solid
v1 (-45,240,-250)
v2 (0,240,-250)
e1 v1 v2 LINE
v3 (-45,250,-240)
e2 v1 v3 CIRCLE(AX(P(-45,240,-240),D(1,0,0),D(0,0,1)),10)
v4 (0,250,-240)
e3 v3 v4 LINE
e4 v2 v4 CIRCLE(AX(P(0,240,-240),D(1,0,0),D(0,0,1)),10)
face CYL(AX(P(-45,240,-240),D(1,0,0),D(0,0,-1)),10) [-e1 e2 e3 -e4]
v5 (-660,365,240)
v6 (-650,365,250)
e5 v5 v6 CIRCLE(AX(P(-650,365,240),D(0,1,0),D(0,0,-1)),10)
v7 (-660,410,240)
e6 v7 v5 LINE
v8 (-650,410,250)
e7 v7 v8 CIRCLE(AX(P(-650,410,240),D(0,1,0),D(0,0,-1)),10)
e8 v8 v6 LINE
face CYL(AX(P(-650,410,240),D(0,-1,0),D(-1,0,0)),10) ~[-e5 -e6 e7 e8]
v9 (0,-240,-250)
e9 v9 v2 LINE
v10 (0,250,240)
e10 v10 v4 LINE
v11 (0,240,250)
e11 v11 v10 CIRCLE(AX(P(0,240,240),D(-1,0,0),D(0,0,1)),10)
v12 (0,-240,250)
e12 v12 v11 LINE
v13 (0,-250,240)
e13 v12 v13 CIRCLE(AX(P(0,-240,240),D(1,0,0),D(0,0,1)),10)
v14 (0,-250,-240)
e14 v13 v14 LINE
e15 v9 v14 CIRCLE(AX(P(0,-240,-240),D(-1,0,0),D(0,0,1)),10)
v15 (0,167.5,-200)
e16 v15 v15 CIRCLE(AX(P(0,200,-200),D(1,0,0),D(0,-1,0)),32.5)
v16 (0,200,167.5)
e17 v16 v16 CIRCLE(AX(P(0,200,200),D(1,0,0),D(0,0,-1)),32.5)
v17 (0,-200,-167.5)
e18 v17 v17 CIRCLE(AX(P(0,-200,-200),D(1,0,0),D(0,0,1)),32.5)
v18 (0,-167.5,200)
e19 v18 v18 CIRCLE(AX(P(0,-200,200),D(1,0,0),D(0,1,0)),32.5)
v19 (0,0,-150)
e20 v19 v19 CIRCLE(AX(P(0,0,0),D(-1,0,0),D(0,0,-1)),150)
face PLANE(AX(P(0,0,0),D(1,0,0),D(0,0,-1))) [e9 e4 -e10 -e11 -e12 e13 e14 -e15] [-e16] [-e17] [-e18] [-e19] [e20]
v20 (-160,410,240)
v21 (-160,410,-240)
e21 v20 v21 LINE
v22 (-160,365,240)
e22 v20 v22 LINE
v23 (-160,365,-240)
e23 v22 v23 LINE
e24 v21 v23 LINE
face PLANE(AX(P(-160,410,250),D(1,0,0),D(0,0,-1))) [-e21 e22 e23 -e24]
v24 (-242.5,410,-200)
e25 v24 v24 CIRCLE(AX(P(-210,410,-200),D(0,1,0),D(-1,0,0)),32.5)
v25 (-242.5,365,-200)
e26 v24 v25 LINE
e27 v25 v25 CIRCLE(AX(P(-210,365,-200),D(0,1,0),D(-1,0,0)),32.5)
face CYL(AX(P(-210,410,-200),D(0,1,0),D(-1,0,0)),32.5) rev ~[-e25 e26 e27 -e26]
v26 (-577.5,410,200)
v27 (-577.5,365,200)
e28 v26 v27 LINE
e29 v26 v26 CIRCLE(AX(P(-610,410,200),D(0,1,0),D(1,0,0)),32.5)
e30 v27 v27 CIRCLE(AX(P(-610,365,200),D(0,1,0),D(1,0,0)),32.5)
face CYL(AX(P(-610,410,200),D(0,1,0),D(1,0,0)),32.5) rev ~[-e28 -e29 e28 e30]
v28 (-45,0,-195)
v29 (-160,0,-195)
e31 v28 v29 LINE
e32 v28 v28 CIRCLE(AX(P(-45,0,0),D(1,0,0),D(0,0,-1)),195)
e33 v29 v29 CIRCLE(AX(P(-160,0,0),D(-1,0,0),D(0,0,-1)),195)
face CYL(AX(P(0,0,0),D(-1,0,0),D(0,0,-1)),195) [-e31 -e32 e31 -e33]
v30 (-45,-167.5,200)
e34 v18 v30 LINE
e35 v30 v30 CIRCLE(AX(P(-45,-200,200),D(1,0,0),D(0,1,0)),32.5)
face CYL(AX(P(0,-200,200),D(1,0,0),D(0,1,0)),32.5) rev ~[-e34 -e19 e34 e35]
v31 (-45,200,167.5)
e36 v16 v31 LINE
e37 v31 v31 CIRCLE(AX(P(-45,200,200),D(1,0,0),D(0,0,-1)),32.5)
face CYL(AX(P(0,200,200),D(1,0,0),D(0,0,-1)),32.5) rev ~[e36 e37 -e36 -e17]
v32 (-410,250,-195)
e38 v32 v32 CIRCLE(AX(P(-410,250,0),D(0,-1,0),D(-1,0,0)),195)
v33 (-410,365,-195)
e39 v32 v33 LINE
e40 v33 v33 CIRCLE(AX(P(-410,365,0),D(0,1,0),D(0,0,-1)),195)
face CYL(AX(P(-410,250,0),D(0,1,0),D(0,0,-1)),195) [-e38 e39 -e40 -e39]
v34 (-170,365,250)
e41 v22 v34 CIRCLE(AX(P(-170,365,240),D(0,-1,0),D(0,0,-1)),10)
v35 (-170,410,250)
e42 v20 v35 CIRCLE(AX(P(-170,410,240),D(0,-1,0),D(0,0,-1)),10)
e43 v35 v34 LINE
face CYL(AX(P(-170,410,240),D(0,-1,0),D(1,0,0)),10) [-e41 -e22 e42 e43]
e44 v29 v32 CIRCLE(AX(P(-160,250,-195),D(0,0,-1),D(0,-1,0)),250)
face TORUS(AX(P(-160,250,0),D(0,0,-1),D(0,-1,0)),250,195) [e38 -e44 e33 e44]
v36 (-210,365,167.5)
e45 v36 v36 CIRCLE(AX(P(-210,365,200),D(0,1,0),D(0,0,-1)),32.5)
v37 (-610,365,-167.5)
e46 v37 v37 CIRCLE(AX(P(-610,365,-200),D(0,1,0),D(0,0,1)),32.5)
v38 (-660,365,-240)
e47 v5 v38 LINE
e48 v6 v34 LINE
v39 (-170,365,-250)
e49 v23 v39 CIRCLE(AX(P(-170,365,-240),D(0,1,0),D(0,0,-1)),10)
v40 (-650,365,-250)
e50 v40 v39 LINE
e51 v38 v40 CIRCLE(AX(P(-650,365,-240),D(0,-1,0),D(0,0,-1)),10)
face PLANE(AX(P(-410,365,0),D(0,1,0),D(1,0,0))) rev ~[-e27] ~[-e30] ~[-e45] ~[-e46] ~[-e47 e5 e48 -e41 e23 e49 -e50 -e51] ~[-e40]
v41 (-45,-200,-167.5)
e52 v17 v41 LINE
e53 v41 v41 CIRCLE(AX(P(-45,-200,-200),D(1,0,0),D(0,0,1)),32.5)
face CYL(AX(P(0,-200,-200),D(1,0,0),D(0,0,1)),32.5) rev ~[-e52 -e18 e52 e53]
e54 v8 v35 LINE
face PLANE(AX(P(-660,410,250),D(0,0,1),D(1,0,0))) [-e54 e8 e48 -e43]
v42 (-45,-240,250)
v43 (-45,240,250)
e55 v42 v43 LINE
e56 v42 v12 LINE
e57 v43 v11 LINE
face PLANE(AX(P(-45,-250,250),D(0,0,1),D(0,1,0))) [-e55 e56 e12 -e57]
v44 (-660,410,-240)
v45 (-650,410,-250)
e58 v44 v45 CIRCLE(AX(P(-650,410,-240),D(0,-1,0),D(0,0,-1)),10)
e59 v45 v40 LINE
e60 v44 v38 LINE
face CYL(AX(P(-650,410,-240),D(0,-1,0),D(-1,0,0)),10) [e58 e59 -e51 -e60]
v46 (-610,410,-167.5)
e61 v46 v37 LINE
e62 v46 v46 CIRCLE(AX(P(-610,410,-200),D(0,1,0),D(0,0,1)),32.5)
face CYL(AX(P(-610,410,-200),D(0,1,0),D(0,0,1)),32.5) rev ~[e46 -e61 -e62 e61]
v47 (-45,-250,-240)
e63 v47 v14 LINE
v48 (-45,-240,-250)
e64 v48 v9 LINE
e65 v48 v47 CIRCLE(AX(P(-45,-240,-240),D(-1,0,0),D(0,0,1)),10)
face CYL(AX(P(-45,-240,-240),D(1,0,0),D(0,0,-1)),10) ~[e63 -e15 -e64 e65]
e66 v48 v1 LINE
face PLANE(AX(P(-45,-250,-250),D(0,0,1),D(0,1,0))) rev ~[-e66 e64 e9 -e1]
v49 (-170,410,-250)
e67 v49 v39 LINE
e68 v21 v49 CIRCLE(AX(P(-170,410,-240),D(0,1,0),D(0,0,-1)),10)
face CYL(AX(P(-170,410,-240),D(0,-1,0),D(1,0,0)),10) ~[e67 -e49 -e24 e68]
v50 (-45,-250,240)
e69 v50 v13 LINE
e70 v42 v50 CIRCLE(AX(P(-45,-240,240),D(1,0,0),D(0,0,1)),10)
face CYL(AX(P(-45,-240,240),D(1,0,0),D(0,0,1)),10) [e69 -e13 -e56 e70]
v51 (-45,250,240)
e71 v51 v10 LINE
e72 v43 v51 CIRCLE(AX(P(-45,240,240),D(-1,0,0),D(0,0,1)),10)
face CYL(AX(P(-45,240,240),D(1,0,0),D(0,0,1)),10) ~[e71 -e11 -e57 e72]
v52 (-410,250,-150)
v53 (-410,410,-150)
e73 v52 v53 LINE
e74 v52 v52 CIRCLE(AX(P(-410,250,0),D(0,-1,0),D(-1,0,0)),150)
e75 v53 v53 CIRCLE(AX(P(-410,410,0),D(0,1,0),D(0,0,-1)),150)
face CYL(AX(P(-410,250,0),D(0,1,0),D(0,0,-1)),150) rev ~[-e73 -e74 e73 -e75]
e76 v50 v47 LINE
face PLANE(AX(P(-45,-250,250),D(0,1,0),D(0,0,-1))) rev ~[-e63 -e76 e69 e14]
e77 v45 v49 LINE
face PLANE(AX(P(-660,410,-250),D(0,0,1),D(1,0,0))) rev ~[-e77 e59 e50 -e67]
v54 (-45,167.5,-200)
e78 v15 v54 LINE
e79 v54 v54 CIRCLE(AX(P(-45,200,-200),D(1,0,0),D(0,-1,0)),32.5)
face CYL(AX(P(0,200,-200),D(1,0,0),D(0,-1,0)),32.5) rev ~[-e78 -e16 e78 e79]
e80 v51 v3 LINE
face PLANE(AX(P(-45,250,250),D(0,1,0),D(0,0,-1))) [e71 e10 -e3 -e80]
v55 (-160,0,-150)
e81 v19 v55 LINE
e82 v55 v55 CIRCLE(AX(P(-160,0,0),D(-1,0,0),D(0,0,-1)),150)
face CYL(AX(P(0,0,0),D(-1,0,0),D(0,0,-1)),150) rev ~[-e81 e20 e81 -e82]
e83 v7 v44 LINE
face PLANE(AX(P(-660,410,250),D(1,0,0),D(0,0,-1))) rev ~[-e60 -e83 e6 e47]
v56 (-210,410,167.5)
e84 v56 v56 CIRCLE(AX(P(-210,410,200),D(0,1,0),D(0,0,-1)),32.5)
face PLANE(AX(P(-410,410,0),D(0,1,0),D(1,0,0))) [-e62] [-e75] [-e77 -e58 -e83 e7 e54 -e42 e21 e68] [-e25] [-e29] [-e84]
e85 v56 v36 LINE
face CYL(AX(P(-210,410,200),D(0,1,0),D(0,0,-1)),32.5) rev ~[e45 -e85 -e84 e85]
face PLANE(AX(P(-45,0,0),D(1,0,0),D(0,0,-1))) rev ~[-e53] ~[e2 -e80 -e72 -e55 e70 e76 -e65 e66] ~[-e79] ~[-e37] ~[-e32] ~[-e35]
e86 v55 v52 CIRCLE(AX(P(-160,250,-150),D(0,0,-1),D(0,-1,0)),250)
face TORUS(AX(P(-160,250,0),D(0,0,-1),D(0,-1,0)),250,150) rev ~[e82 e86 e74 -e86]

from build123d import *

# Parameters (mm, degrees)
SKETCH3_R           = 195
SKETCH3_R_2         = 150
BOSS_EXTRUDE3_START = -45
SKETCH8_W           = 500
SKETCH8_H           = 500
SKETCH8_R           = 195
BOSS_EXTRUDE3_DEPTH = 45
FILLET3_R           = 10
SKETCH9_W           = 500
SKETCH9_H           = 500
SKETCH9_R           = 195
BOSS_EXTRUDE4_DEPTH = 45
FILLET4_R           = 10
CUT_EXTRUDE2_REACH  = 818.211
SKETCH10_R          = 32.5
CIRPATTERN2_COUNT   = 4
CUT_EXTRUDE3_REACH  = 968.282
SKETCH11_R          = 32.5
CIRPATTERN3_COUNT   = 4


with BuildPart() as part:
    # Sweep-Thin4: sweep along a path in Sketch2
    with BuildLine(Plane.XY) as sweep_thin4_path:
        Line((0, 0), (-160, 0))
        ThreePointArc((-160, 0), (-336.776695297, 73.223304703), (-410, 250))
        Line((-410, 250), (-410, 410))
    # Sketch3 → Sweep-Thin4 (sweep)
    with BuildSketch(Plane(origin=(0, 0, 0), x_dir=(0, 0, -1), z_dir=(1, 0, 0))):
        Circle(SKETCH3_R)
        Circle(SKETCH3_R_2, mode=Mode.SUBTRACT)
    sweep(path=sweep_thin4_path.line)

    # Sketch8 → Boss-Extrude3 (add)
    with BuildSketch(Plane(origin=(0, 0, 0), x_dir=(0, 0, -1), z_dir=(1, 0, 0)).offset(BOSS_EXTRUDE3_START)):
        Rectangle(SKETCH8_W, SKETCH8_H)
        with Locations(Location((0, 0, 0), (0, 0, 270))):
            Circle(SKETCH8_R, mode=Mode.SUBTRACT)
    extrude(amount=BOSS_EXTRUDE3_DEPTH)

    # Fillet3
    fillet3_edges = [part.edges().sort_by_distance(p)[0] for p in [
        (-22.5, 250, -250),
        (-22.5, -250, -250),
        (-22.5, -250, 250),
        (-22.5, 250, 250),
    ]]
    fillet(fillet3_edges, radius=FILLET3_R)

    # Sketch9 → Boss-Extrude4 (add)
    with BuildSketch(Plane(origin=(0, 410, 0), x_dir=(1, 0, 0), z_dir=(0, 1, 0))):
        with Locations((-410, 0)):
            Rectangle(SKETCH9_W, SKETCH9_H)
        with Locations(Location((-410, 0, 0), (0, 0, 270))):
            Circle(SKETCH9_R, mode=Mode.SUBTRACT)
    extrude(amount=-BOSS_EXTRUDE4_DEPTH)

    # Fillet4
    fillet4_edges = [part.edges().sort_by_distance(p)[0] for p in [
        (-660, 387.5, -250),
        (-160, 387.5, -250),
        (-160, 387.5, 250),
        (-660, 387.5, 250),
    ]]
    fillet(fillet4_edges, radius=FILLET4_R)

    # Sketch10 → Cut-Extrude2 (cut, up to next)
    with BuildSketch(Plane(origin=(0, 0, 0), x_dir=(0, 0, -1), z_dir=(1, 0, 0)), mode=Mode.PRIVATE) as cut_extrude2_sk1:
        with Locations((-200, 200)):
            Circle(SKETCH10_R)
    cut_extrude2_tool1 = extrude(cut_extrude2_sk1.sketch, amount=-CUT_EXTRUDE2_REACH, mode=Mode.PRIVATE) & part.part
    cut_extrude2 = cut_extrude2_tool1.solids().sort_by_distance((0, 200, 200))[0]
    add(cut_extrude2, mode=Mode.SUBTRACT)

    # CirPattern2: Cut-Extrude2 ×4 about axis
    cirpattern2_axis = Axis((0, 0, 0), (1, 0, 0))
    for i in range(1, CIRPATTERN2_COUNT):
        add(cut_extrude2.rotate(cirpattern2_axis, i * 360 / CIRPATTERN2_COUNT), mode=Mode.SUBTRACT)

    # Sketch11 → Cut-Extrude3 (cut, up to next)
    with BuildSketch(Plane(origin=(0, 410, 0), x_dir=(1, 0, 0), z_dir=(0, 1, 0)), mode=Mode.PRIVATE) as cut_extrude3_sk1:
        with Locations(Location((-610, 200, 0), (0, 0, 270))):
            Circle(SKETCH11_R)
    cut_extrude3_tool1 = extrude(cut_extrude3_sk1.sketch, amount=-CUT_EXTRUDE3_REACH, mode=Mode.PRIVATE) & part.part
    cut_extrude3 = cut_extrude3_tool1.solids().sort_by_distance((-610, 410, -200))[0]
    add(cut_extrude3, mode=Mode.SUBTRACT)

    # CirPattern3: Cut-Extrude3 ×4 about axis
    cirpattern3_axis = Axis((-410, 0, 0), (0, 1, 0))
    for i in range(1, CIRPATTERN3_COUNT):
        add(cut_extrude3.rotate(cirpattern3_axis, i * 360 / CIRPATTERN3_COUNT), mode=Mode.SUBTRACT)


solid = part.part
